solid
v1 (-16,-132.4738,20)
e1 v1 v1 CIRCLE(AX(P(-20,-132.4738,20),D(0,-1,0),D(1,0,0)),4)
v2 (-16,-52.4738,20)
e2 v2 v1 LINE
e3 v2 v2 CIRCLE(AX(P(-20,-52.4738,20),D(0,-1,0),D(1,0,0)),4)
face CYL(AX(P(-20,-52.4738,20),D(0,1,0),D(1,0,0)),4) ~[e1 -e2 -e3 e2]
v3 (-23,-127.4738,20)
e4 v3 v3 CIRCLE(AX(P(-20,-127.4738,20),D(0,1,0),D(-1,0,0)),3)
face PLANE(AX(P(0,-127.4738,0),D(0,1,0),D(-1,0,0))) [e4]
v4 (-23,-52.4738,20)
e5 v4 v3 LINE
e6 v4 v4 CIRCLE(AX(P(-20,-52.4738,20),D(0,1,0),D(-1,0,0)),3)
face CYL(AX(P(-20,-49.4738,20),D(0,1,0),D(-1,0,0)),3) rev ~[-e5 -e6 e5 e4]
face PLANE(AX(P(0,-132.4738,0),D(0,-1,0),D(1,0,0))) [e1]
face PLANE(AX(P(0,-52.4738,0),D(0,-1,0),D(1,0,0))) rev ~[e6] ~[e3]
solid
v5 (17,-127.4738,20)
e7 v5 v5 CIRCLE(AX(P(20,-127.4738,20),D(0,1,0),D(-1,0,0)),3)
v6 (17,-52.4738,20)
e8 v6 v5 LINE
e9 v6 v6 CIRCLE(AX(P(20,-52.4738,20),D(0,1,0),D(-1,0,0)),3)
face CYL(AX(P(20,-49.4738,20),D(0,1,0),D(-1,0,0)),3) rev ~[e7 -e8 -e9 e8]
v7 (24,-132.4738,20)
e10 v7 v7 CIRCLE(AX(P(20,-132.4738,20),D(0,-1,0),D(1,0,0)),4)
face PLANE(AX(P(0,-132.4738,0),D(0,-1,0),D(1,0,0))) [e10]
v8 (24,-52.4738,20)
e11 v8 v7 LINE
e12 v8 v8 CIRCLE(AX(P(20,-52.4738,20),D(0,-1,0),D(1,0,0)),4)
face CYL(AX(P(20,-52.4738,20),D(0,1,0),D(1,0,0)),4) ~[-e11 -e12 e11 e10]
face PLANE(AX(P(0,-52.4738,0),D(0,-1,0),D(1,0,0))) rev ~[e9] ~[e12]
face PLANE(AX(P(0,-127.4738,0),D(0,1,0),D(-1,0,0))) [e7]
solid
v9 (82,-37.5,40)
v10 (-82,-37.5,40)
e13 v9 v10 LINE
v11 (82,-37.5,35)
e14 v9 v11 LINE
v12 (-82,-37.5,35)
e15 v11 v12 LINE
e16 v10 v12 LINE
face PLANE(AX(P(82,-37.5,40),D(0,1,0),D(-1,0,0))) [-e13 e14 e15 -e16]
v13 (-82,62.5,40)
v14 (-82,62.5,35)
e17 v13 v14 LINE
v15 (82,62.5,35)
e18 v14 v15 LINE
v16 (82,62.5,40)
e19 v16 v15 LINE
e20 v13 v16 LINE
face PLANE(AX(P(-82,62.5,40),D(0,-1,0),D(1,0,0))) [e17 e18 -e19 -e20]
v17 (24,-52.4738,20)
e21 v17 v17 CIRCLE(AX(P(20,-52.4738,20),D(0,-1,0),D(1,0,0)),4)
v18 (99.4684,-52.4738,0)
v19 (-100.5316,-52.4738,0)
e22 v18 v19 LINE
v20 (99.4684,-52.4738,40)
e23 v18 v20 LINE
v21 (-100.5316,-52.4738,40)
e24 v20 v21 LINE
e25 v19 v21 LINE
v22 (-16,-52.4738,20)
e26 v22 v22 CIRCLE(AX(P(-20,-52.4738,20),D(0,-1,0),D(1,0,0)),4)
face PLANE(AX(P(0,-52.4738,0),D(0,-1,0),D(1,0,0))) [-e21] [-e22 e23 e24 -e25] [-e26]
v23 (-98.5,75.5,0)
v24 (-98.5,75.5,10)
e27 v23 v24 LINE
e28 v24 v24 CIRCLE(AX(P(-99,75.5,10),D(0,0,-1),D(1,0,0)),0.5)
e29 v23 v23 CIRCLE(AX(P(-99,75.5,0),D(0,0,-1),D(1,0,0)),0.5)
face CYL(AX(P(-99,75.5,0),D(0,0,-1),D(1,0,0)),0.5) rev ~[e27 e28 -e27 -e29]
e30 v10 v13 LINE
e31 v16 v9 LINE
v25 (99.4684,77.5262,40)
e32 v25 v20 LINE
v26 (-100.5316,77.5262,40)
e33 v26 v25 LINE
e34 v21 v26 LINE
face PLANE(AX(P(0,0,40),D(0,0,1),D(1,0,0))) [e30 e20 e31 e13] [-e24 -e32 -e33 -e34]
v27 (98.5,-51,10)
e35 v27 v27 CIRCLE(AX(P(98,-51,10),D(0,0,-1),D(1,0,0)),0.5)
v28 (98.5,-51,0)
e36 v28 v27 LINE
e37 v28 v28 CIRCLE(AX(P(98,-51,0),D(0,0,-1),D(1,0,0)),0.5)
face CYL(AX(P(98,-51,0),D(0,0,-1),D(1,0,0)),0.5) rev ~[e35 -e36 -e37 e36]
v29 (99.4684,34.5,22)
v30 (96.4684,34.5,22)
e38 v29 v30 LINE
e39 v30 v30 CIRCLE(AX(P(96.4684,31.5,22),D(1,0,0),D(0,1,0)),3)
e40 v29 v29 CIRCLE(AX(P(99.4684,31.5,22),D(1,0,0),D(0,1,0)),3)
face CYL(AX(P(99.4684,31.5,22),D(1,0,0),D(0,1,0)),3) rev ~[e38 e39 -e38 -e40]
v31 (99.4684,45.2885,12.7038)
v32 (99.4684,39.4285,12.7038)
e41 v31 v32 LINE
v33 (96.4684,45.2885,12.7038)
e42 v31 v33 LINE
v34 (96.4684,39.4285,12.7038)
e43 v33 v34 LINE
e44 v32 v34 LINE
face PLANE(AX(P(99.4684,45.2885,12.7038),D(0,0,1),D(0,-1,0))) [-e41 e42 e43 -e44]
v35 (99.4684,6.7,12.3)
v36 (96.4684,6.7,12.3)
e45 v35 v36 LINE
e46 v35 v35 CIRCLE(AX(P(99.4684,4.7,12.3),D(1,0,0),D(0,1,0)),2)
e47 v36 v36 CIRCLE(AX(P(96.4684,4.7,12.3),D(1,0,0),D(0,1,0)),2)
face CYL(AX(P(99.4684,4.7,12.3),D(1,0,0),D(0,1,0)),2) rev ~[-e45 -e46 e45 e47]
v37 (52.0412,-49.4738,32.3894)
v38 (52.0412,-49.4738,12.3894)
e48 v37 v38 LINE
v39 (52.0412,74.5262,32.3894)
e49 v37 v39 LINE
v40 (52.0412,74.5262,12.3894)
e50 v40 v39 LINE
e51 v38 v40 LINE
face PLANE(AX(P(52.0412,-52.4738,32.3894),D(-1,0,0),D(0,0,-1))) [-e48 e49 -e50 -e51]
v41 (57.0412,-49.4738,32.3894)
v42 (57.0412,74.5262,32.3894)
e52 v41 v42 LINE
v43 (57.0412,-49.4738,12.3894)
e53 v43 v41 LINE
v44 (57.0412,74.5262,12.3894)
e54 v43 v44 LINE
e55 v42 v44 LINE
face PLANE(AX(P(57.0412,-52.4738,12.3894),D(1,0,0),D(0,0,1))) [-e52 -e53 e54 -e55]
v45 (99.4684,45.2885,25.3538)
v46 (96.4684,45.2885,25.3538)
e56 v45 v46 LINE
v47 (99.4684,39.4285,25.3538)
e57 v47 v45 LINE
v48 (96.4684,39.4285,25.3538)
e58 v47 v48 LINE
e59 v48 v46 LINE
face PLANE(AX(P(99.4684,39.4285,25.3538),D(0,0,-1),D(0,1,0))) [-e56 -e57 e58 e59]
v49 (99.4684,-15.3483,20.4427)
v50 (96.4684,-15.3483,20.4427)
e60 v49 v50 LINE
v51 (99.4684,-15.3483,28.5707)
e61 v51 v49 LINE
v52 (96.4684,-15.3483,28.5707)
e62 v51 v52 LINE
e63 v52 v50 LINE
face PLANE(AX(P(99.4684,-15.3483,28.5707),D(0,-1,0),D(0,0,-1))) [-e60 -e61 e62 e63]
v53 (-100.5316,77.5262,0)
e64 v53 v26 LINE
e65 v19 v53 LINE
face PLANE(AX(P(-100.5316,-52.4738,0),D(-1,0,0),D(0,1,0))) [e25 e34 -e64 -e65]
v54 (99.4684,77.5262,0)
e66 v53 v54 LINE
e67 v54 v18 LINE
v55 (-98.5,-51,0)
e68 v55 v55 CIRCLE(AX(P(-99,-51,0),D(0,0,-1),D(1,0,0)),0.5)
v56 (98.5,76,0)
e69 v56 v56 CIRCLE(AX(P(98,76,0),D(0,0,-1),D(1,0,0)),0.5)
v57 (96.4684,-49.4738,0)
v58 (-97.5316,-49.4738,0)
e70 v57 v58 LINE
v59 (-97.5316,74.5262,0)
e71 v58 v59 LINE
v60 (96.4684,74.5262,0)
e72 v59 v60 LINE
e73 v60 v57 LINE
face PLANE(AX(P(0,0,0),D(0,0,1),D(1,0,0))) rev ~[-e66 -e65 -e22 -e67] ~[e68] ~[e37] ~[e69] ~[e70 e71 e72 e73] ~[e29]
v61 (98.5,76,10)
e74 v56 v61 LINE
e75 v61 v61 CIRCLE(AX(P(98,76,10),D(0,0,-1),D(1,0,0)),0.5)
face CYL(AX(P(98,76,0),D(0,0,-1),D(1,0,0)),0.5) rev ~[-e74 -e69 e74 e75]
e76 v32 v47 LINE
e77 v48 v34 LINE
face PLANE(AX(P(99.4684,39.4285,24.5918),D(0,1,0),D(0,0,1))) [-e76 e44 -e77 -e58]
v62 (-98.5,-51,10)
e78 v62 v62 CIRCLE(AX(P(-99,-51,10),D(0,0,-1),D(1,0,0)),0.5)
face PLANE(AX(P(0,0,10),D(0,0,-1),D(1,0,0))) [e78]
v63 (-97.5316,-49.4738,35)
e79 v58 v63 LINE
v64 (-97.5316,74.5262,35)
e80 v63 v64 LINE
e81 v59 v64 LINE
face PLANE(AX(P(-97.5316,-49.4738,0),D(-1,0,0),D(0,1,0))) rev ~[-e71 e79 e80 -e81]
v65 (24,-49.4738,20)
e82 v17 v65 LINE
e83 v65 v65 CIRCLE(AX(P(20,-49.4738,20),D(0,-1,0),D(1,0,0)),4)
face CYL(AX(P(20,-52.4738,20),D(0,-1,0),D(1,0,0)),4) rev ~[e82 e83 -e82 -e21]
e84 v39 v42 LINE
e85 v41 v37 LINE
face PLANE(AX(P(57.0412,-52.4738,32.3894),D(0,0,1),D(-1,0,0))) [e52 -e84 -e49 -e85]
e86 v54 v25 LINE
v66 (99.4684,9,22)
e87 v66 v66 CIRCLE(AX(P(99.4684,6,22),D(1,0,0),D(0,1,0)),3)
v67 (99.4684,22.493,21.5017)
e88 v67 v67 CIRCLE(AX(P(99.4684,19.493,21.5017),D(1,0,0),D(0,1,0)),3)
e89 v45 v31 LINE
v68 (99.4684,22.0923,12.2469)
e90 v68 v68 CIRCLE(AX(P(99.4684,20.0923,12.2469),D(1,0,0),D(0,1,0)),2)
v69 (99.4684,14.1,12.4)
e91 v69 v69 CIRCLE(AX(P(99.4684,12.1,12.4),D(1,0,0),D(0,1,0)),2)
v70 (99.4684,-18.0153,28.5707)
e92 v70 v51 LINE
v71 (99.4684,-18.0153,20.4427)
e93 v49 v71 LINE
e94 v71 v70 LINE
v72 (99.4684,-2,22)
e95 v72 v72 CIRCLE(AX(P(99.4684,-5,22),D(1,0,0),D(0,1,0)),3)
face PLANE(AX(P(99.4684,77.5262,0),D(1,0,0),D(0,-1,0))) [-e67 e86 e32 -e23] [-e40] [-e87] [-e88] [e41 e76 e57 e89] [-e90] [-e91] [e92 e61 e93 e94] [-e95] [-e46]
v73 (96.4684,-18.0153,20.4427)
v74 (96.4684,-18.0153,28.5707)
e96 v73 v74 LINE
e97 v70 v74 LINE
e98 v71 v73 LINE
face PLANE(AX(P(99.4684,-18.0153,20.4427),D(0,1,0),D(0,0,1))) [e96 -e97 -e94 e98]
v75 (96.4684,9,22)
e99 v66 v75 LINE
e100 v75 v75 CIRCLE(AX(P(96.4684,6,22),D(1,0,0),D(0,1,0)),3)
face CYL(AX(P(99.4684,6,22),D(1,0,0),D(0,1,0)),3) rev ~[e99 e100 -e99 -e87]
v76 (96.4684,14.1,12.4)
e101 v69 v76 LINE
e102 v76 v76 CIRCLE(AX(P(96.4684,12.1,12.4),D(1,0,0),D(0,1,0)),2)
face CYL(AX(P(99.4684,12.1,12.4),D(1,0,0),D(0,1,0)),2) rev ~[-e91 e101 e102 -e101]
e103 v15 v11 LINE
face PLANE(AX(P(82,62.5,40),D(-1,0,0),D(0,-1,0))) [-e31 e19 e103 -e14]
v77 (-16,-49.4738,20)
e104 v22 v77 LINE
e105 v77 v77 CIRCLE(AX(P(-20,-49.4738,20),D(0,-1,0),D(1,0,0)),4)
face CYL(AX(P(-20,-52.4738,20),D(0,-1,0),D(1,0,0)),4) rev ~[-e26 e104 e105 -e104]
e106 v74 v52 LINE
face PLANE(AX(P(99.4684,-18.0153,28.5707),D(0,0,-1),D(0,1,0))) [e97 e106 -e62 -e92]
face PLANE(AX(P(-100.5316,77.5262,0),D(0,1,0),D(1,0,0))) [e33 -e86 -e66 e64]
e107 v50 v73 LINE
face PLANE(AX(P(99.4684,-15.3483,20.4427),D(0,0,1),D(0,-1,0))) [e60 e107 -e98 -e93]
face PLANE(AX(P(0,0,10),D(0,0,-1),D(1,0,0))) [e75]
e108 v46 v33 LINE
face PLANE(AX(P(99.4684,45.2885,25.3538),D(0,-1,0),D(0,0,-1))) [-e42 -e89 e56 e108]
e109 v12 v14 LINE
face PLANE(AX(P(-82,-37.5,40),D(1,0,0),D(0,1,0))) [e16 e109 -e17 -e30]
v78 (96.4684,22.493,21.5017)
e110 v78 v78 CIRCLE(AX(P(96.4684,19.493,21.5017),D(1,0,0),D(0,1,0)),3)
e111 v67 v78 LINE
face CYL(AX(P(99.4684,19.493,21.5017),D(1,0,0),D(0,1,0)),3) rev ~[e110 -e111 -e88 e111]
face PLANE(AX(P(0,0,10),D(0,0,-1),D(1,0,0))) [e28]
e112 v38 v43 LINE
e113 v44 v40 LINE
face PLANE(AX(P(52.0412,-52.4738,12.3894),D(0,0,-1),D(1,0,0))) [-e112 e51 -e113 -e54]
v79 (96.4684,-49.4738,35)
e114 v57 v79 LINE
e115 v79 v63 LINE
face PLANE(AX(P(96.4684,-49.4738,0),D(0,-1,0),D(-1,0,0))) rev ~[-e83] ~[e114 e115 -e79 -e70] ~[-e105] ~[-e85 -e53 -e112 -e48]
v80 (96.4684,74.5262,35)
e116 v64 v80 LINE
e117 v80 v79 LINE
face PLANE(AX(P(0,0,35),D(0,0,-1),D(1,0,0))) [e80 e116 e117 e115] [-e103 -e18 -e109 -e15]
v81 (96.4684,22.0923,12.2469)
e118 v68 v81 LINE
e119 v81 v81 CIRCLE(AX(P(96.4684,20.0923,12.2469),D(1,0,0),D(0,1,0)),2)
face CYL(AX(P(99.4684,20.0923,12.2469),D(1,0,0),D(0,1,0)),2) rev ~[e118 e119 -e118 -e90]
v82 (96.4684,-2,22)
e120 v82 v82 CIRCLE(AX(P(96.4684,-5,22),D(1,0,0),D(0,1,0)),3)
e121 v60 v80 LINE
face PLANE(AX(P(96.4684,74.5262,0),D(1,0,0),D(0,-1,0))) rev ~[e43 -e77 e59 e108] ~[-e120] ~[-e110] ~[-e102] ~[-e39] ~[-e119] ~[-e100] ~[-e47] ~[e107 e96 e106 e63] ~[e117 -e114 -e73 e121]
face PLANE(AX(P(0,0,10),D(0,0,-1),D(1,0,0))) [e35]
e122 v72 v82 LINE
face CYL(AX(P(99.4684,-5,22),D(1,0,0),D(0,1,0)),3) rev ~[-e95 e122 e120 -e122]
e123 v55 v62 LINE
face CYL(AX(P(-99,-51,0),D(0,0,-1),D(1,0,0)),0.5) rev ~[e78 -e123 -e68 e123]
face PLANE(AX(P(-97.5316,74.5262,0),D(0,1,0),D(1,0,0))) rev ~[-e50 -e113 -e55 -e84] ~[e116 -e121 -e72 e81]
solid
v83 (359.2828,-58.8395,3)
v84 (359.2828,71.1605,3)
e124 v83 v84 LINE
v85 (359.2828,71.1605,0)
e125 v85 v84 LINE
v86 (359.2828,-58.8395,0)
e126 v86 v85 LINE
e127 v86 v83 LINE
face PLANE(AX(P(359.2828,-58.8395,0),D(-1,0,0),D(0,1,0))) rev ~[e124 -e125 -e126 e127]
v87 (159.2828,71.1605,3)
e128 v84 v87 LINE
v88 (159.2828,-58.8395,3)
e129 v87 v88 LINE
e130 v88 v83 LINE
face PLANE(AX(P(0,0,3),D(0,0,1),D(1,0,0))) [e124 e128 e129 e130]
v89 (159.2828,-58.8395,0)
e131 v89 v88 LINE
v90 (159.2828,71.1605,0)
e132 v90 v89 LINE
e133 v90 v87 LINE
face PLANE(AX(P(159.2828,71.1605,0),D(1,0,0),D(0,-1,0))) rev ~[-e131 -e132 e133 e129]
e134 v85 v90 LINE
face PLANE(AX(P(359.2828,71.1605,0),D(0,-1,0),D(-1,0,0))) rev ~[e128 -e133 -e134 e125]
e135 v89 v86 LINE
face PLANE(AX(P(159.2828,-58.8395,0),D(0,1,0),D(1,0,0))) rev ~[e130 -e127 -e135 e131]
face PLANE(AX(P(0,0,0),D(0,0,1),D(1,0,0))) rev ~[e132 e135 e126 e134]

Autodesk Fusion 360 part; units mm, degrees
sketch "Sketch1" plane through (0, 0, 0) normal (0, 0, 1) x (1, 0, 0)
  line L0 (99.4684, -52.4738) -> (-100.5316, -52.4738)
  line L1 (-100.5316, -52.4738) -> (-100.5316, 77.5262)
  line L2 (-100.5316, 77.5262) -> (99.4684, 77.5262)
  line L3 (99.4684, 77.5262) -> (99.4684, -52.4738)
  dimension "d1" = 200
  dimension "d2" = 130
extrude "Extrude1" add sketch "Sketch1" along normal blind 40 makes body 1
sketch "Sketch2" plane through (0, 0, 40) normal (0, 0, 1) x (-1, 0, 0)
  line L0 (-99.4684, -77.5262) -> (100.5316, -77.5262)
  line L1 (100.5316, -77.5262) -> (100.5316, 52.4738)
  line L2 (100.5316, 52.4738) -> (-99.4684, 52.4738)
  line L3 (-99.4684, 52.4738) -> (-99.4684, -77.5262)
  line L4 (82, -62.5) -> (-82, -62.5)
  line L5 (-82, -62.5) -> (-82, 37.5)
  line L6 (-82, 37.5) -> (82, 37.5)
  line L7 (82, 37.5) -> (82, -62.5)
  line L8 (82, -62.5) -> (-82, 37.5) construction
  line L9 (-82, -62.5) -> (82, 37.5) construction
  point P0 (0, -12.5)
  dimension "d5" = 164
  dimension "d6" = 100
extrude "Extrude2" cut sketch "Sketch2" along normal blind 0 and the other way blind 5 contours L4 L5 L6 L7 bodies 1
sketch "Sketch3" plane through (0, 0, 0) normal (0, 0, -1) x (1, 0, 0)
  line L0 (-100.5316, -77.5262) -> (99.4684, -77.5262)
  line L1 (99.4684, -77.5262) -> (99.4684, 52.4738)
  line L2 (99.4684, 52.4738) -> (-100.5316, 52.4738)
  line L3 (-100.5316, 52.4738) -> (-100.5316, -77.5262)
sketch "Sketch4" plane through (0, 0, 0) normal (0, 0, -1) x (1, 0, 0)
  line L0 (96.4684, 49.4738) -> (-97.5316, 49.4738)
  line L1 (-97.5316, 49.4738) -> (-97.5316, -74.5262)
  line L2 (-97.5316, -74.5262) -> (96.4684, -74.5262)
  line L3 (96.4684, -74.5262) -> (96.4684, 49.4738)
  line L4 (96.4684, 49.4738) -> (-97.5316, -74.5262) construction
  line L5 (-97.5316, 49.4738) -> (96.4684, -74.5262) construction
  line L6 (99.4684, 52.4738) -> (-100.5316, 52.4738)
  line L7 (-100.5316, 52.4738) -> (-100.5316, -77.5262)
  point P0 (-0.5316, -12.5262)
  dimension "d11" = 194
  dimension "d12" = 124
  dimension "d13" = 3
  dimension "d14" = 3
extrude "Extrude3" cut sketch "Sketch4" along normal blind 0 and the other way blind 35 bodies 1
sketch "Sketch5" plane through (99.4684, 0, 0) normal (1, 0, 0) x (0, 1, 0)
  line L0 (-52.4738, 0) -> (77.5262, 0)
  line L1 (77.5262, 0) -> (77.5262, 40)
  line L2 (77.5262, 40) -> (-52.4738, 40)
  line L3 (-52.4738, 40) -> (-52.4738, 0)
sketch "Sketch6" plane through (99.4684, 0, 0) normal (1, 0, 0) x (0, 1, 0)
  circle A0 centre (-5, 22) radius 3
  circle A1 centre (6, 22) radius 3
  circle A2 centre (19.493, 21.5017) radius 3
  circle A3 centre (31.5, 22) radius 3
  circle A4 centre (4.7, 12.3) radius 2
  circle A5 centre (12.1, 12.4) radius 2
  circle A6 centre (20.0923, 12.2469) radius 2
  line L0 (-18.0153, 28.5707) -> (-15.3483, 28.5707)
  line L1 (-15.3483, 28.5707) -> (-15.3483, 20.4427)
  line L2 (-15.3483, 20.4427) -> (-18.0153, 20.4427)
  line L3 (-18.0153, 20.4427) -> (-18.0153, 28.5707)
  line L4 (39.4285, 24.5918) -> (39.4285, 25.3538)
  line L5 (39.4285, 25.3538) -> (45.2885, 25.3538)
  line L6 (45.2885, 25.3538) -> (45.2885, 12.7038)
  line L7 (45.2885, 12.7038) -> (39.4285, 12.7038)
  line L8 (39.4285, 12.7038) -> (39.4285, 25.3538)
  dimension "d19" = 6
  dimension "d21" = 6
  dimension "d23" = 6
  dimension "d25" = 6
  dimension "d29" = 4
  dimension "d31" = 4
  dimension "d33" = 4
  dimension "d35" = 2.667
  dimension "d36" = 8.128
  dimension "d39" = 0.762
  dimension "d40" = 5.86
  dimension "d41" = 12.65
extrude "Extrude4" cut sketch "Sketch6" against normal blind 3 bodies 1
sketch "Sketch7" plane through (0, 0, 0) normal (0, 1, 0) x (1, 0, 0)
sketch "Sketch8" plane through (0, -52.4738, 0) normal (0, -1, 0) x (1, 0, 0)
  line L0 (-100.5316, 0) -> (99.4684, 0)
  line L1 (99.4684, 0) -> (99.4684, 40)
  line L2 (99.4684, 40) -> (-100.5316, 40)
  line L3 (-100.5316, 40) -> (-100.5316, 0)
  circle A0 centre (-20, 20) radius 4
  circle A1 centre (20, 20) radius 4
  dimension "d44" = 8
  dimension "d45" = 8
extrude "Extrude5" cut sketch "Sketch8" against normal blind 3 contours A0 | A1 bodies 1
sketch "Sketch9" plane through (0, -52.4738, 0) normal (0, -1, 0) x (1, 0, 0)
  circle A0 centre (-20, 20) radius 4
  circle A1 centre (20, 20) radius 4
  line L0 (-100.5316, 0) -> (99.4684, 0)
  line L1 (99.4684, 0) -> (99.4684, 40)
  line L2 (99.4684, 40) -> (-100.5316, 40)
  line L3 (-100.5316, 40) -> (-100.5316, 0)
  circle A2 centre (-20, 20) radius 4
  circle A3 centre (20, 20) radius 4
extrude "Extrude6" add sketch "Sketch9" along normal blind 80 separate body contours A0 A2 | A1 A3 makes body 2 at (23.995, -105.8071, 19.8006) makes body 3 at (-16.005, -105.8071, 19.8006)
sketch "Sketch10" plane through (0, -49.4738, 0) normal (0, 1, 0) x (-1, 0, 0)
  circle A0 centre (20, 20) radius 4
  circle A1 centre (-20, 20) radius 4
  line L0 (-96.4684, 0) -> (97.5316, 0)
  line L1 (97.5316, 0) -> (97.5316, 35)
  line L2 (97.5316, 35) -> (-96.4684, 35)
  line L3 (-96.4684, 35) -> (-96.4684, 0)
  circle A2 centre (-20, 20) radius 3
  circle A3 centre (20, 20) radius 3
  dimension "d50" = 6
  dimension "d51" = 6
extrude "Extrude7" cut sketch "Sketch10" against normal blind 78 contours A2 | A3 bodies 2 3
sketch "Sketch11" plane through (0, -52.4738, 0) normal (0, -1, 0) x (1, 0, 0)
  circle A0 centre (-20, 20) radius 4
  circle A1 centre (20, 20) radius 4
  line L0 (-100.5316, 0) -> (99.4684, 0)
  line L1 (99.4684, 0) -> (99.4684, 40)
  line L2 (99.4684, 40) -> (-100.5316, 40)
  line L3 (-100.5316, 40) -> (-100.5316, 0)
  line L4 (52.0412, 12.3894) -> (57.0412, 12.3894)
  line L5 (57.0412, 12.3894) -> (57.0412, 32.3894)
  line L6 (57.0412, 32.3894) -> (52.0412, 32.3894)
  line L7 (52.0412, 32.3894) -> (52.0412, 12.3894)
  dimension "d54" = 5
  dimension "d55" = 20
extrude "Extrude8" add sketch "Sketch11" against normal blind 130 contours L4 L5 L6 L7 bodies 1
sketch "Sketch12" plane through (0, 0, 0) normal (0, 0, -1) x (1, 0, 0)
  line L0 (-100.5333, 52.4758) -> (99.4667, 52.4758)
  line L1 (99.4667, 52.4758) -> (99.4667, -77.5242)
  line L2 (99.4667, -77.5242) -> (-100.5333, -77.5242)
  line L3 (-100.5333, -77.5242) -> (-100.5333, 52.4758)
  circle A0 centre (-99, 51) radius 0.5
  circle A1 centre (98, 51) radius 0.5
  circle A2 centre (98, -76) radius 0.5
  circle A3 centre (-99, -75.5) radius 0.5
  dimension "d58" = 200
  dimension "d59" = 130
  dimension "d60" = 1
  dimension "d61" = 1
  dimension "d62" = 1
  dimension "d63" = 1
extrude "Extrude9" cut sketch "Sketch12" against normal blind 10 contours A0 | A1 | A2 | A3 bodies 1
sketch "Sketch13" plane through (0, 0, 0) normal (0, 0, 1) x (1, 0, 0)
  line L0 (159.2828, -58.8395) -> (359.2828, -58.8395)
  line L1 (359.2828, -58.8395) -> (359.2828, 71.1605)
  line L2 (359.2828, 71.1605) -> (159.2828, 71.1605)
  line L3 (159.2828, 71.1605) -> (159.2828, -58.8395)
  dimension "d66" = 200
  dimension "d67" = 130
extrude "Extrude10" add sketch "Sketch13" along normal blind 3 separate body makes body 4
